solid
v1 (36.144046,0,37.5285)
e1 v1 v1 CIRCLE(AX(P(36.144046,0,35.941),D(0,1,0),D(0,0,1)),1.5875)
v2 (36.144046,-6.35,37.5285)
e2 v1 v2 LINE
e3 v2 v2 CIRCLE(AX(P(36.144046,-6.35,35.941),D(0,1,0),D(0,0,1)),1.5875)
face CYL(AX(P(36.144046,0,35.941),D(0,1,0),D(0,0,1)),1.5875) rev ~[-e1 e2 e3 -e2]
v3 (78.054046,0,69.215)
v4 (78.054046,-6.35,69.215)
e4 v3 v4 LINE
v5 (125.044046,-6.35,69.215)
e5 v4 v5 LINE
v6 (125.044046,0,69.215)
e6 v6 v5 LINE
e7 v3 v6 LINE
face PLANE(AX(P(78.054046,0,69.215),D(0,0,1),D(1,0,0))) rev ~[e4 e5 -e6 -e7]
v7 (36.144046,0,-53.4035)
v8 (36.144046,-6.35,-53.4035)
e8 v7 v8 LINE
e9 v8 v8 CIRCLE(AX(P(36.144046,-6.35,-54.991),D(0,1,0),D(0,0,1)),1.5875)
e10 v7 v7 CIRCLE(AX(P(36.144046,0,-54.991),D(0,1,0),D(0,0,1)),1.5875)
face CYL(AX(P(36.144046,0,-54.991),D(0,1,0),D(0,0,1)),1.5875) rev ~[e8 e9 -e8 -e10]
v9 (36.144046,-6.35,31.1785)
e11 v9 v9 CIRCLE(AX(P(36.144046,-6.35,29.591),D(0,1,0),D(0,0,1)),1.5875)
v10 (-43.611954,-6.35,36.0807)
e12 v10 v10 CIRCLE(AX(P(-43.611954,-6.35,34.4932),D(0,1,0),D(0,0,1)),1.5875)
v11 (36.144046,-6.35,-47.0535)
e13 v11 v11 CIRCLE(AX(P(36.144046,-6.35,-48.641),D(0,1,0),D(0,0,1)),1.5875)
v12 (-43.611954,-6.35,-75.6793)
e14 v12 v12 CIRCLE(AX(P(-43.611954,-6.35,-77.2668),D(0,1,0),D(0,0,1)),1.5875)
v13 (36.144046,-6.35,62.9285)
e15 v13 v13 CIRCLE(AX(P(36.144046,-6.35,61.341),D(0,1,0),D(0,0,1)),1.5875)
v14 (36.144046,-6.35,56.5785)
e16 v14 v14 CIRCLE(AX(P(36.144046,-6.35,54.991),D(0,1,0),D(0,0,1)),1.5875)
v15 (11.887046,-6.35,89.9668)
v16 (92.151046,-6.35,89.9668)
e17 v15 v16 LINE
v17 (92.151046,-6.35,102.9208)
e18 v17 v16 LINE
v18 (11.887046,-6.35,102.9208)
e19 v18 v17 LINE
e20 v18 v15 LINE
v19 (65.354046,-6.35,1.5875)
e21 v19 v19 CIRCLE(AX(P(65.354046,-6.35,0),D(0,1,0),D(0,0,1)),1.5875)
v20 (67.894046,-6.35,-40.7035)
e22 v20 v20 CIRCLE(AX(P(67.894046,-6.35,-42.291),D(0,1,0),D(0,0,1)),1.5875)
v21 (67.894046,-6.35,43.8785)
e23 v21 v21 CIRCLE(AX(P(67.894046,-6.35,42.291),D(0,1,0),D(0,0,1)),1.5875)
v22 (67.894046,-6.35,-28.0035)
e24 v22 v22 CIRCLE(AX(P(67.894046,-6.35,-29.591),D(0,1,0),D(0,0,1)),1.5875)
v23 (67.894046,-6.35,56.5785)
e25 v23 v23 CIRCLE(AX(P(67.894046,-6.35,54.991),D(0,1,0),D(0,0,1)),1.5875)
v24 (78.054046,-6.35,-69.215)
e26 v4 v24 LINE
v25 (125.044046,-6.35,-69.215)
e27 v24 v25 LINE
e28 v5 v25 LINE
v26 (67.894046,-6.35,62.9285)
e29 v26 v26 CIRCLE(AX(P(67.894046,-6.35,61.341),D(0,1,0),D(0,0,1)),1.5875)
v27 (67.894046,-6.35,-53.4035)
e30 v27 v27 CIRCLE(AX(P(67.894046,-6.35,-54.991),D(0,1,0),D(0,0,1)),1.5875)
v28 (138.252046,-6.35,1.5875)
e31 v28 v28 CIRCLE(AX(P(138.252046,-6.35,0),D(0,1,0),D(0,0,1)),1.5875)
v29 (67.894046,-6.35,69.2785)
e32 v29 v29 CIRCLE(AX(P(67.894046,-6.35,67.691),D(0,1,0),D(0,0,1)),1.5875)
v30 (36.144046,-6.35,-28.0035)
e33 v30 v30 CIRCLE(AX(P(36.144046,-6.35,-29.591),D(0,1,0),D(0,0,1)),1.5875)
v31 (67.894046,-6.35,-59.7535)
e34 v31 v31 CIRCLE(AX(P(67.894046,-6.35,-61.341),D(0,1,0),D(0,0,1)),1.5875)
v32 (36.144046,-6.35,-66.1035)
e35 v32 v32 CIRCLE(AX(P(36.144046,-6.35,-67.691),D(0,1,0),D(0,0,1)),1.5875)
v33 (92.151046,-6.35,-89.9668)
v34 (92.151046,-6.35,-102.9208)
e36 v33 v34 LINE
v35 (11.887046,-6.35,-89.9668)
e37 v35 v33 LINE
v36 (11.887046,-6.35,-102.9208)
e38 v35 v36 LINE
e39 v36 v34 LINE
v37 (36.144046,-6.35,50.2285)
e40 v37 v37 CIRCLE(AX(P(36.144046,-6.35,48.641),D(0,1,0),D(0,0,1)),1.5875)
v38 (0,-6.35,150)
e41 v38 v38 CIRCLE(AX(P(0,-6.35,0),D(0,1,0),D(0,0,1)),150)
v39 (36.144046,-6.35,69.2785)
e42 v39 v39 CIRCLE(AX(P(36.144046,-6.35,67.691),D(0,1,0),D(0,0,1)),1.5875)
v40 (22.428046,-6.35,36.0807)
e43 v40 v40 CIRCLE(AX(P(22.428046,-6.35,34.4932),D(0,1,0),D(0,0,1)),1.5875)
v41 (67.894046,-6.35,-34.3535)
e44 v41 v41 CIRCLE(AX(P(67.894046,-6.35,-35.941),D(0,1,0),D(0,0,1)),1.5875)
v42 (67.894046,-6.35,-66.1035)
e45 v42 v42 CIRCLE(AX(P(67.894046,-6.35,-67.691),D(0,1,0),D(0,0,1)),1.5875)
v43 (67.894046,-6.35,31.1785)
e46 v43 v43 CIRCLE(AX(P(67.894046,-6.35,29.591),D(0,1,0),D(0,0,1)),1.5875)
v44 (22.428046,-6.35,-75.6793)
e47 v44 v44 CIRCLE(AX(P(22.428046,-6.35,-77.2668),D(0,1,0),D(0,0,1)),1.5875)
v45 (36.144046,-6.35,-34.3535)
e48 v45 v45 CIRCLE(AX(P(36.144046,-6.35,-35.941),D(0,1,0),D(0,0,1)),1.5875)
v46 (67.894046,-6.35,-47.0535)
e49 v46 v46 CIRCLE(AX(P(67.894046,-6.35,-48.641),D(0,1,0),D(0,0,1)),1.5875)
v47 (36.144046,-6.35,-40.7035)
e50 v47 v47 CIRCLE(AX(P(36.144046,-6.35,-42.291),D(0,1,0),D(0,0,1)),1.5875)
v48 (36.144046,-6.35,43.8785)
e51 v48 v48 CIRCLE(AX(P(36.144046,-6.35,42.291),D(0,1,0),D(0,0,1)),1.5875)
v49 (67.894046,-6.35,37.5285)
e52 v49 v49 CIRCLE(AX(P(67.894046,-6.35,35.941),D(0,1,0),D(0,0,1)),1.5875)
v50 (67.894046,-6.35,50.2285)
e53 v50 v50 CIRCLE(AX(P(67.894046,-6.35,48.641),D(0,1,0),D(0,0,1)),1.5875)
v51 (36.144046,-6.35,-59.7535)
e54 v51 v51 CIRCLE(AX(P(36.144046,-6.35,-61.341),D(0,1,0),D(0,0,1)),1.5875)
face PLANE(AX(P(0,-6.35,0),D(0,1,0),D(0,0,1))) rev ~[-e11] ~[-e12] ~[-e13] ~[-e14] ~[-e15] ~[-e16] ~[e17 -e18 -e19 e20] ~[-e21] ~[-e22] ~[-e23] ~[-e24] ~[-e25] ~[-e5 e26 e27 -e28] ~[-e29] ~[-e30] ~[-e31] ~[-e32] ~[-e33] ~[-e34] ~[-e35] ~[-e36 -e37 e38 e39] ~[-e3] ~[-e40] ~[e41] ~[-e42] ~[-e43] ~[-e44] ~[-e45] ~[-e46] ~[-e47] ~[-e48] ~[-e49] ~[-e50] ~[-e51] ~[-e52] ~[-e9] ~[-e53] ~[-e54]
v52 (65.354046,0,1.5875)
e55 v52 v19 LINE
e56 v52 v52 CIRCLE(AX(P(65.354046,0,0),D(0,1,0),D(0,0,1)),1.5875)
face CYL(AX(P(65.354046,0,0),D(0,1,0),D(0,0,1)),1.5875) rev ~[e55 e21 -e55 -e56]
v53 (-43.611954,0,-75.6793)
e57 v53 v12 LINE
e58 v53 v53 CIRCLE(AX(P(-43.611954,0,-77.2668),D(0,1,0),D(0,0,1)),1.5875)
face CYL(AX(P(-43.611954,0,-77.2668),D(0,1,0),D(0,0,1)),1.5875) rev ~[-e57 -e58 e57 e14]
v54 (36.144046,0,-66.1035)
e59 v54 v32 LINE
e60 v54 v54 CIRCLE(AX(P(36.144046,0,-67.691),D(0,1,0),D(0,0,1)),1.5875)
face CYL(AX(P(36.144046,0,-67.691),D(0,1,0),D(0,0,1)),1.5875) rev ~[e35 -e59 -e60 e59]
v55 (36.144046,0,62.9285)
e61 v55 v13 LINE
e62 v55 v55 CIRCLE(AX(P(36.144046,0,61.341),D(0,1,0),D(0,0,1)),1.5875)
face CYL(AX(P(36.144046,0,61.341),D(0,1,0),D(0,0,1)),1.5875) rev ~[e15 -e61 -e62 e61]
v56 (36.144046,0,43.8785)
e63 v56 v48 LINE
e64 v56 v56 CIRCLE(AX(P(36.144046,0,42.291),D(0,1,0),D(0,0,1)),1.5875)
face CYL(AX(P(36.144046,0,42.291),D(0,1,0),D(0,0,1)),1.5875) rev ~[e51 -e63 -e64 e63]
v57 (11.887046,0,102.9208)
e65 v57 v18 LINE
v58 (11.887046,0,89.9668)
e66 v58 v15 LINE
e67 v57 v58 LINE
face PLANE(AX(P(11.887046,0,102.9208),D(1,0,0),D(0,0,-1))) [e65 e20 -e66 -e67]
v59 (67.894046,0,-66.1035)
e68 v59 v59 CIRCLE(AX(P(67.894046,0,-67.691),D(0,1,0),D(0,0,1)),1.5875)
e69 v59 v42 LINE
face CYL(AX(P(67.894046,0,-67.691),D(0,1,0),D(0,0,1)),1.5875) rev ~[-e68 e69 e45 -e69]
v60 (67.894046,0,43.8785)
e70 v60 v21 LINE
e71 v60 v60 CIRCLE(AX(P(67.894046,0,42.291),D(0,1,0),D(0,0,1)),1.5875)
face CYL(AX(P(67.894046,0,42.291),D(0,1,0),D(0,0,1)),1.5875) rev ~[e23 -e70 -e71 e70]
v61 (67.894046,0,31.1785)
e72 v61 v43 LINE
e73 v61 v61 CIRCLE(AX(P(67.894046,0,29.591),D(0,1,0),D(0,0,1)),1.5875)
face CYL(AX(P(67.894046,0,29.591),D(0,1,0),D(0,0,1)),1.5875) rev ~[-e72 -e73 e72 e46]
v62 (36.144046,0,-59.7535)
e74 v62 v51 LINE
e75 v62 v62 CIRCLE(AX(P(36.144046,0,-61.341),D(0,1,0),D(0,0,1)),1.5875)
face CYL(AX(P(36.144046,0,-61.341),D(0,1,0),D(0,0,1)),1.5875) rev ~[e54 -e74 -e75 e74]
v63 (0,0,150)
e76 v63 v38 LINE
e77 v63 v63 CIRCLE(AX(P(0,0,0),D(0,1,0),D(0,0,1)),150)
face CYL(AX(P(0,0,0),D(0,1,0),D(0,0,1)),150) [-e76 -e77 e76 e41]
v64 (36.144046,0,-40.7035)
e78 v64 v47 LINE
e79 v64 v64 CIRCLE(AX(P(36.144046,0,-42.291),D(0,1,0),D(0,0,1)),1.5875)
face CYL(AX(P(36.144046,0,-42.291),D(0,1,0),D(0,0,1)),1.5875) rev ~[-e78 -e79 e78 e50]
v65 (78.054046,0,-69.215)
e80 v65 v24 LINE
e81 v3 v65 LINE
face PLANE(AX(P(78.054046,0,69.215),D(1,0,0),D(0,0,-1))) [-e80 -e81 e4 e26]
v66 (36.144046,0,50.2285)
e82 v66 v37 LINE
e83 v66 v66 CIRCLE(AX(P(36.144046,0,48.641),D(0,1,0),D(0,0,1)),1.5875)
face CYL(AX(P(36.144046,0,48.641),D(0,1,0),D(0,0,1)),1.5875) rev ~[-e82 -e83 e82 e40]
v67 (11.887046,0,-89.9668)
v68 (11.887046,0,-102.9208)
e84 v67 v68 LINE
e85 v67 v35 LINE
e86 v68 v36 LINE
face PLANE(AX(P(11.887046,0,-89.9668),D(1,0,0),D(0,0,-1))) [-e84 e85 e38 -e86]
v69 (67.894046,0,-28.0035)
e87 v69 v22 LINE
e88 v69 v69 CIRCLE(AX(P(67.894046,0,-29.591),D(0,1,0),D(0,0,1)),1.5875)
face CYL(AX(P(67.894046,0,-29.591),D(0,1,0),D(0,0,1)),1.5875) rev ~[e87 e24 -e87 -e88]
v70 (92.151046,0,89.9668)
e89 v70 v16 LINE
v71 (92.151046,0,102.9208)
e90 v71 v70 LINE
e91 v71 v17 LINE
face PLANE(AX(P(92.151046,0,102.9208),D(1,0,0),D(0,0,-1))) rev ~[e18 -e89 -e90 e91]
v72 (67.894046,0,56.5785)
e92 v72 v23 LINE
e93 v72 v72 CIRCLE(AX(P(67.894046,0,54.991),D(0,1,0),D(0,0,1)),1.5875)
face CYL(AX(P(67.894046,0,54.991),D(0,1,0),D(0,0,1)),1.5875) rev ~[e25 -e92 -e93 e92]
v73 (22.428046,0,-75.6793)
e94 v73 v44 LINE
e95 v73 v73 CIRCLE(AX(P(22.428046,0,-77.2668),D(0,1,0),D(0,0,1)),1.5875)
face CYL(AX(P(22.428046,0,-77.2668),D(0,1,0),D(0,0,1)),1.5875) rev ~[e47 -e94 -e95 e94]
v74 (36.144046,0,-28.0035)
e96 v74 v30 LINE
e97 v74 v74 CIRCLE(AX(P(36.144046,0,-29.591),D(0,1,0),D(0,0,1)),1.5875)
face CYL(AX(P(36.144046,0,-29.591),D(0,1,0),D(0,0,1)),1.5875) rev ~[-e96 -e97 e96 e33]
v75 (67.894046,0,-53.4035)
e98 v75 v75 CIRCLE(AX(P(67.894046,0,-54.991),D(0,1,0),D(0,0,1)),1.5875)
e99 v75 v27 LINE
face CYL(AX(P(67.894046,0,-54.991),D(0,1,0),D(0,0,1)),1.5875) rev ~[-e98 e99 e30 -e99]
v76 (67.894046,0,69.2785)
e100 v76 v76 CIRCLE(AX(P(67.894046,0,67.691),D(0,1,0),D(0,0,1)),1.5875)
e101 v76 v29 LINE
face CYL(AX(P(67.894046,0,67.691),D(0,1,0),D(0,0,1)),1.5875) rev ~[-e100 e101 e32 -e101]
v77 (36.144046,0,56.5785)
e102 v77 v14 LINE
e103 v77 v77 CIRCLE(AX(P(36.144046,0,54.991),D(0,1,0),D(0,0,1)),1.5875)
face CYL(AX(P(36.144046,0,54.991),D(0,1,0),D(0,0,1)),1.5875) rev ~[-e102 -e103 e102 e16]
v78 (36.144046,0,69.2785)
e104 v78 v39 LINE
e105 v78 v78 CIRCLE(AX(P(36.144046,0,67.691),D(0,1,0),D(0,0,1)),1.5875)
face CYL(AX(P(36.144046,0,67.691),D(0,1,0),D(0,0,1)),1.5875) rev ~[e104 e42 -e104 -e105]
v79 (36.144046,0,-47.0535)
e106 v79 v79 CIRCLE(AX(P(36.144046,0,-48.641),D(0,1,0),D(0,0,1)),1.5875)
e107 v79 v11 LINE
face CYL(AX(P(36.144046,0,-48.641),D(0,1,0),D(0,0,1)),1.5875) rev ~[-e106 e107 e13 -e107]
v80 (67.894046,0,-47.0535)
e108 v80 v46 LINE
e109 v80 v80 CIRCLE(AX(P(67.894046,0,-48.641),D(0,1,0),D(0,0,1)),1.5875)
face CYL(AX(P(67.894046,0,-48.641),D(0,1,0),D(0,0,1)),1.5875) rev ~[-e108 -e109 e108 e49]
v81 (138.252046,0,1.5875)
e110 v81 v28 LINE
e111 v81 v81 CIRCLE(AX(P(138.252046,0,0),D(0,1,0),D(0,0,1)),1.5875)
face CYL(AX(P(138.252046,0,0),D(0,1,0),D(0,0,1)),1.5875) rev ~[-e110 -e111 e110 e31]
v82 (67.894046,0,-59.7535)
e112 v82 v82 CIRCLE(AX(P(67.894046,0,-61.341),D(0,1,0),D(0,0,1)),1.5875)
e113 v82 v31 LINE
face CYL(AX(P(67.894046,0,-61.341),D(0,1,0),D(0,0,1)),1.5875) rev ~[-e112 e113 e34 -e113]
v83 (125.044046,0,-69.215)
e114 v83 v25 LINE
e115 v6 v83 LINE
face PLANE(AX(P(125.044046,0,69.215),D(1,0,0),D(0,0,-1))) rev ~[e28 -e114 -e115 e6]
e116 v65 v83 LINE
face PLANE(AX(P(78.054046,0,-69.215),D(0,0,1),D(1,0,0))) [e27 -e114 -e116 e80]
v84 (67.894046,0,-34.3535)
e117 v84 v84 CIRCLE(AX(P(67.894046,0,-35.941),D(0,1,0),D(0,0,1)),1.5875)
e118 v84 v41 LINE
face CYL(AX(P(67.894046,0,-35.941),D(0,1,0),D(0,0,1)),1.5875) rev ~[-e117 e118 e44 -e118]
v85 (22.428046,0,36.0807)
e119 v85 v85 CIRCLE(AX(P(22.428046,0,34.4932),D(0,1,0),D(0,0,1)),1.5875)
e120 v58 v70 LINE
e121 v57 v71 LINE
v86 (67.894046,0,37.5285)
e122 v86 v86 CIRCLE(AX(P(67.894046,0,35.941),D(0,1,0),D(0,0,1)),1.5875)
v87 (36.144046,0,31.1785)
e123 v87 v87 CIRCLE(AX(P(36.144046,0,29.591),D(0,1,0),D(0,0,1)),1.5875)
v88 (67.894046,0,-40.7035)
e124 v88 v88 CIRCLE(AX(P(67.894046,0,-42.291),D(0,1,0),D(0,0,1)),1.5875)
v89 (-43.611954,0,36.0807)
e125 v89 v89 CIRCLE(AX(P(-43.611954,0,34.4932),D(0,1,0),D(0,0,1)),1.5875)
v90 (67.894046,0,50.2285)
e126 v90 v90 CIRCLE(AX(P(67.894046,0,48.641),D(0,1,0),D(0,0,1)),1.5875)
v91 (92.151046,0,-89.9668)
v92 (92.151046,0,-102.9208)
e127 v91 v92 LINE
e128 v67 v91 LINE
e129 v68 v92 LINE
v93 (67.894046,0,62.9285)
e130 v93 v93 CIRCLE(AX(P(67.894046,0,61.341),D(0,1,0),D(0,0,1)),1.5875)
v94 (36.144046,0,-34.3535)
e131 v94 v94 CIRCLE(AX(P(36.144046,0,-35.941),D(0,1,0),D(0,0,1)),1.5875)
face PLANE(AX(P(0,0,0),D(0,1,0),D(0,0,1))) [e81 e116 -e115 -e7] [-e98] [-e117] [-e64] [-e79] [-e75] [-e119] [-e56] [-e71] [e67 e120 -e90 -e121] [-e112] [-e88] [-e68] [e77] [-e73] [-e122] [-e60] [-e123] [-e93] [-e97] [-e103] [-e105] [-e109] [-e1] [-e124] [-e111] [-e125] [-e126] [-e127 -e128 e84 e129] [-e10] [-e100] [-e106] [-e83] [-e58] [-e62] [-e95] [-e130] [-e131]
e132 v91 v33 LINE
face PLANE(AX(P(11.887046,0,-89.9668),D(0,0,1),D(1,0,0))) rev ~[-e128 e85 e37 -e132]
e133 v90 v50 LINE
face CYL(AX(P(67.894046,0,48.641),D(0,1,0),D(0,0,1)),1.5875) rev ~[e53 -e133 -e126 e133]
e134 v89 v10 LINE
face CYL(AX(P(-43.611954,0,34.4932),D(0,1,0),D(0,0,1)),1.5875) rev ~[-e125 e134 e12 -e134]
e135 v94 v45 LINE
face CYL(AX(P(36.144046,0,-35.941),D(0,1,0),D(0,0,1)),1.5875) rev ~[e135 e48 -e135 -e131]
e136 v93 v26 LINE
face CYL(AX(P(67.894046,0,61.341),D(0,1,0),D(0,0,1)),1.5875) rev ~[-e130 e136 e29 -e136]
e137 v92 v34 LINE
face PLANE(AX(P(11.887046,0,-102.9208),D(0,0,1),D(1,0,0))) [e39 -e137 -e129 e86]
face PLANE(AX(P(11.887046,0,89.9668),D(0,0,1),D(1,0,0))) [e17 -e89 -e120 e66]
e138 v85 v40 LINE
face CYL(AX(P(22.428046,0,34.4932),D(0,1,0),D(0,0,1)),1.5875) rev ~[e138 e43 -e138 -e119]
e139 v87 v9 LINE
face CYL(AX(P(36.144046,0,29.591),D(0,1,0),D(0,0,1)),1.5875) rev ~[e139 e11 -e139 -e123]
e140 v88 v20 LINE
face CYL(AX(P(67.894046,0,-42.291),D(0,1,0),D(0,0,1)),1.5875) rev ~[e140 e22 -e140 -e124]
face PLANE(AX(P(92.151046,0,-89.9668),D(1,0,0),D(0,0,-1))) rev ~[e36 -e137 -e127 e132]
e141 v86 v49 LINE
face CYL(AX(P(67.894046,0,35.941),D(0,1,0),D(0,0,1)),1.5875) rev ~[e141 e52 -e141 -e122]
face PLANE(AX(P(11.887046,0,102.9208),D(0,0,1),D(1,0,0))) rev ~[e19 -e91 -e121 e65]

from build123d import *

# Parameters (mm, degrees)
SKETCH1_R           = 150
BOSS_EXTRUDE1_DEPTH = 6.35
SKETCH2_R           = 1.5875
SKETCH2_W           = 80.264
SKETCH2_H           = 12.954
CUT_EXTRUDE1_DEPTH  = 213.227054119
SKETCH3_R           = 1.5875
CUT_EXTRUDE2_DEPTH  = 213.227054119
SKETCH4_R           = 1.5875
SKETCH4_W           = 46.99
SKETCH4_H           = 138.43
CUT_EXTRUDE3_DEPTH  = 213.227054119


with BuildPart() as part:
    # Sketch1 → Boss-Extrude1 (new body)
    with BuildSketch(Plane(origin=(0, 0, 0), x_dir=(1, 0, 0), z_dir=(0, 1, 0))):
        with Locations(Location((0, 0, 0), (0, 0, 270))):
            Circle(SKETCH1_R)
    extrude(amount=-BOSS_EXTRUDE1_DEPTH)

    # Sketch2 → Cut-Extrude1 (cut, through all)
    with BuildSketch(Plane(origin=(0, 0, 0), x_dir=(1, 0, 0), z_dir=(0, 1, 0))):
        with Locations(Location((36.144045702, -67.691, 0), (0, 0, 270))):
            Circle(SKETCH2_R)
        with Locations(Location((36.144045702, -61.341, 0), (0, 0, 270))):
            Circle(SKETCH2_R)
        with Locations(Location((36.144045702, -54.991, 0), (0, 0, 270))):
            Circle(SKETCH2_R)
        with Locations(Location((36.144045702, -48.641, 0), (0, 0, 270))):
            Circle(SKETCH2_R)
        with Locations(Location((36.144045702, -42.291, 0), (0, 0, 270))):
            Circle(SKETCH2_R)
        with Locations(Location((36.144045702, -35.941, 0), (0, 0, 270))):
            Circle(SKETCH2_R)
        with Locations(Location((36.144045702, -29.591, 0), (0, 0, 270))):
            Circle(SKETCH2_R)
        with Locations(Location((67.894045702, -67.691, 0), (0, 0, 270))):
            Circle(SKETCH2_R)
        with Locations(Location((67.894045702, -61.341, 0), (0, 0, 270))):
            Circle(SKETCH2_R)
        with Locations(Location((67.894045702, -54.991, 0), (0, 0, 270))):
            Circle(SKETCH2_R)
        with Locations(Location((67.894045702, -48.641, 0), (0, 0, 270))):
            Circle(SKETCH2_R)
        with Locations(Location((67.894045702, -42.291, 0), (0, 0, 270))):
            Circle(SKETCH2_R)
        with Locations(Location((67.894045702, -35.941, 0), (0, 0, 270))):
            Circle(SKETCH2_R)
        with Locations(Location((67.894045702, -29.591, 0), (0, 0, 270))):
            Circle(SKETCH2_R)
        with Locations(Location((36.144045702, 67.691, 0), (0, 0, 270))):
            Circle(SKETCH2_R)
        with Locations(Location((36.144045702, 61.341, 0), (0, 0, 270))):
            Circle(SKETCH2_R)
        with Locations(Location((36.144045702, 54.991, 0), (0, 0, 270))):
            Circle(SKETCH2_R)
        with Locations(Location((36.144045702, 48.641, 0), (0, 0, 270))):
            Circle(SKETCH2_R)
        with Locations(Location((36.144045702, 42.291, 0), (0, 0, 270))):
            Circle(SKETCH2_R)
        with Locations(Location((36.144045702, 35.941, 0), (0, 0, 270))):
            Circle(SKETCH2_R)
        with Locations(Location((36.144045702, 29.591, 0), (0, 0, 270))):
            Circle(SKETCH2_R)
        with Locations(Location((67.894045702, 67.691, 0), (0, 0, 270))):
            Circle(SKETCH2_R)
        with Locations(Location((67.894045702, 61.341, 0), (0, 0, 270))):
            Circle(SKETCH2_R)
        with Locations(Location((67.894045702, 54.991, 0), (0, 0, 270))):
            Circle(SKETCH2_R)
        with Locations(Location((67.894045702, 48.641, 0), (0, 0, 270))):
            Circle(SKETCH2_R)
        with Locations(Location((67.894045702, 42.291, 0), (0, 0, 270))):
            Circle(SKETCH2_R)
        with Locations(Location((67.894045702, 35.941, 0), (0, 0, 270))):
            Circle(SKETCH2_R)
        with Locations(Location((67.894045702, 29.591, 0), (0, 0, 270))):
            Circle(SKETCH2_R)
        with Locations((52.019045702, -96.4438)):
            Rectangle(SKETCH2_W, SKETCH2_H)
        with Locations((52.019045702, 96.4438)):
            Rectangle(SKETCH2_W, SKETCH2_H)
    extrude(amount=-CUT_EXTRUDE1_DEPTH, mode=Mode.SUBTRACT)

    # Sketch3 → Cut-Extrude2 (cut, through all)
    with BuildSketch(Plane(origin=(0, 0, 0), x_dir=(1, 0, 0), z_dir=(0, 1, 0))):
        with Locations(Location((-43.611954298, 77.2668, 0), (0, 0, 270))):
            Circle(SKETCH3_R)
        with Locations(Location((22.428045702, 77.2668, 0), (0, 0, 270))):
            Circle(SKETCH3_R)
        with Locations(Location((22.428045702, -34.4932, 0), (0, 0, 270))):
            Circle(SKETCH3_R)
        with Locations(Location((-43.611954298, -34.4932, 0), (0, 0, 270))):
            Circle(SKETCH3_R)
    extrude(amount=-CUT_EXTRUDE2_DEPTH, mode=Mode.SUBTRACT)

    # Sketch4 → Cut-Extrude3 (cut, through all)
    with BuildSketch(Plane(origin=(0, 0, 0), x_dir=(1, 0, 0), z_dir=(0, 1, 0))):
        with Locations(Location((65.354045702, 0, 0), (0, 0, 270))):
            Circle(SKETCH4_R)
        with Locations(Location((138.252045702, 0, 0), (0, 0, 270))):
            Circle(SKETCH4_R)
        with Locations((101.549045702, 0)):
            Rectangle(SKETCH4_W, SKETCH4_H)
    extrude(amount=-CUT_EXTRUDE3_DEPTH, mode=Mode.SUBTRACT)


solid = part.part
